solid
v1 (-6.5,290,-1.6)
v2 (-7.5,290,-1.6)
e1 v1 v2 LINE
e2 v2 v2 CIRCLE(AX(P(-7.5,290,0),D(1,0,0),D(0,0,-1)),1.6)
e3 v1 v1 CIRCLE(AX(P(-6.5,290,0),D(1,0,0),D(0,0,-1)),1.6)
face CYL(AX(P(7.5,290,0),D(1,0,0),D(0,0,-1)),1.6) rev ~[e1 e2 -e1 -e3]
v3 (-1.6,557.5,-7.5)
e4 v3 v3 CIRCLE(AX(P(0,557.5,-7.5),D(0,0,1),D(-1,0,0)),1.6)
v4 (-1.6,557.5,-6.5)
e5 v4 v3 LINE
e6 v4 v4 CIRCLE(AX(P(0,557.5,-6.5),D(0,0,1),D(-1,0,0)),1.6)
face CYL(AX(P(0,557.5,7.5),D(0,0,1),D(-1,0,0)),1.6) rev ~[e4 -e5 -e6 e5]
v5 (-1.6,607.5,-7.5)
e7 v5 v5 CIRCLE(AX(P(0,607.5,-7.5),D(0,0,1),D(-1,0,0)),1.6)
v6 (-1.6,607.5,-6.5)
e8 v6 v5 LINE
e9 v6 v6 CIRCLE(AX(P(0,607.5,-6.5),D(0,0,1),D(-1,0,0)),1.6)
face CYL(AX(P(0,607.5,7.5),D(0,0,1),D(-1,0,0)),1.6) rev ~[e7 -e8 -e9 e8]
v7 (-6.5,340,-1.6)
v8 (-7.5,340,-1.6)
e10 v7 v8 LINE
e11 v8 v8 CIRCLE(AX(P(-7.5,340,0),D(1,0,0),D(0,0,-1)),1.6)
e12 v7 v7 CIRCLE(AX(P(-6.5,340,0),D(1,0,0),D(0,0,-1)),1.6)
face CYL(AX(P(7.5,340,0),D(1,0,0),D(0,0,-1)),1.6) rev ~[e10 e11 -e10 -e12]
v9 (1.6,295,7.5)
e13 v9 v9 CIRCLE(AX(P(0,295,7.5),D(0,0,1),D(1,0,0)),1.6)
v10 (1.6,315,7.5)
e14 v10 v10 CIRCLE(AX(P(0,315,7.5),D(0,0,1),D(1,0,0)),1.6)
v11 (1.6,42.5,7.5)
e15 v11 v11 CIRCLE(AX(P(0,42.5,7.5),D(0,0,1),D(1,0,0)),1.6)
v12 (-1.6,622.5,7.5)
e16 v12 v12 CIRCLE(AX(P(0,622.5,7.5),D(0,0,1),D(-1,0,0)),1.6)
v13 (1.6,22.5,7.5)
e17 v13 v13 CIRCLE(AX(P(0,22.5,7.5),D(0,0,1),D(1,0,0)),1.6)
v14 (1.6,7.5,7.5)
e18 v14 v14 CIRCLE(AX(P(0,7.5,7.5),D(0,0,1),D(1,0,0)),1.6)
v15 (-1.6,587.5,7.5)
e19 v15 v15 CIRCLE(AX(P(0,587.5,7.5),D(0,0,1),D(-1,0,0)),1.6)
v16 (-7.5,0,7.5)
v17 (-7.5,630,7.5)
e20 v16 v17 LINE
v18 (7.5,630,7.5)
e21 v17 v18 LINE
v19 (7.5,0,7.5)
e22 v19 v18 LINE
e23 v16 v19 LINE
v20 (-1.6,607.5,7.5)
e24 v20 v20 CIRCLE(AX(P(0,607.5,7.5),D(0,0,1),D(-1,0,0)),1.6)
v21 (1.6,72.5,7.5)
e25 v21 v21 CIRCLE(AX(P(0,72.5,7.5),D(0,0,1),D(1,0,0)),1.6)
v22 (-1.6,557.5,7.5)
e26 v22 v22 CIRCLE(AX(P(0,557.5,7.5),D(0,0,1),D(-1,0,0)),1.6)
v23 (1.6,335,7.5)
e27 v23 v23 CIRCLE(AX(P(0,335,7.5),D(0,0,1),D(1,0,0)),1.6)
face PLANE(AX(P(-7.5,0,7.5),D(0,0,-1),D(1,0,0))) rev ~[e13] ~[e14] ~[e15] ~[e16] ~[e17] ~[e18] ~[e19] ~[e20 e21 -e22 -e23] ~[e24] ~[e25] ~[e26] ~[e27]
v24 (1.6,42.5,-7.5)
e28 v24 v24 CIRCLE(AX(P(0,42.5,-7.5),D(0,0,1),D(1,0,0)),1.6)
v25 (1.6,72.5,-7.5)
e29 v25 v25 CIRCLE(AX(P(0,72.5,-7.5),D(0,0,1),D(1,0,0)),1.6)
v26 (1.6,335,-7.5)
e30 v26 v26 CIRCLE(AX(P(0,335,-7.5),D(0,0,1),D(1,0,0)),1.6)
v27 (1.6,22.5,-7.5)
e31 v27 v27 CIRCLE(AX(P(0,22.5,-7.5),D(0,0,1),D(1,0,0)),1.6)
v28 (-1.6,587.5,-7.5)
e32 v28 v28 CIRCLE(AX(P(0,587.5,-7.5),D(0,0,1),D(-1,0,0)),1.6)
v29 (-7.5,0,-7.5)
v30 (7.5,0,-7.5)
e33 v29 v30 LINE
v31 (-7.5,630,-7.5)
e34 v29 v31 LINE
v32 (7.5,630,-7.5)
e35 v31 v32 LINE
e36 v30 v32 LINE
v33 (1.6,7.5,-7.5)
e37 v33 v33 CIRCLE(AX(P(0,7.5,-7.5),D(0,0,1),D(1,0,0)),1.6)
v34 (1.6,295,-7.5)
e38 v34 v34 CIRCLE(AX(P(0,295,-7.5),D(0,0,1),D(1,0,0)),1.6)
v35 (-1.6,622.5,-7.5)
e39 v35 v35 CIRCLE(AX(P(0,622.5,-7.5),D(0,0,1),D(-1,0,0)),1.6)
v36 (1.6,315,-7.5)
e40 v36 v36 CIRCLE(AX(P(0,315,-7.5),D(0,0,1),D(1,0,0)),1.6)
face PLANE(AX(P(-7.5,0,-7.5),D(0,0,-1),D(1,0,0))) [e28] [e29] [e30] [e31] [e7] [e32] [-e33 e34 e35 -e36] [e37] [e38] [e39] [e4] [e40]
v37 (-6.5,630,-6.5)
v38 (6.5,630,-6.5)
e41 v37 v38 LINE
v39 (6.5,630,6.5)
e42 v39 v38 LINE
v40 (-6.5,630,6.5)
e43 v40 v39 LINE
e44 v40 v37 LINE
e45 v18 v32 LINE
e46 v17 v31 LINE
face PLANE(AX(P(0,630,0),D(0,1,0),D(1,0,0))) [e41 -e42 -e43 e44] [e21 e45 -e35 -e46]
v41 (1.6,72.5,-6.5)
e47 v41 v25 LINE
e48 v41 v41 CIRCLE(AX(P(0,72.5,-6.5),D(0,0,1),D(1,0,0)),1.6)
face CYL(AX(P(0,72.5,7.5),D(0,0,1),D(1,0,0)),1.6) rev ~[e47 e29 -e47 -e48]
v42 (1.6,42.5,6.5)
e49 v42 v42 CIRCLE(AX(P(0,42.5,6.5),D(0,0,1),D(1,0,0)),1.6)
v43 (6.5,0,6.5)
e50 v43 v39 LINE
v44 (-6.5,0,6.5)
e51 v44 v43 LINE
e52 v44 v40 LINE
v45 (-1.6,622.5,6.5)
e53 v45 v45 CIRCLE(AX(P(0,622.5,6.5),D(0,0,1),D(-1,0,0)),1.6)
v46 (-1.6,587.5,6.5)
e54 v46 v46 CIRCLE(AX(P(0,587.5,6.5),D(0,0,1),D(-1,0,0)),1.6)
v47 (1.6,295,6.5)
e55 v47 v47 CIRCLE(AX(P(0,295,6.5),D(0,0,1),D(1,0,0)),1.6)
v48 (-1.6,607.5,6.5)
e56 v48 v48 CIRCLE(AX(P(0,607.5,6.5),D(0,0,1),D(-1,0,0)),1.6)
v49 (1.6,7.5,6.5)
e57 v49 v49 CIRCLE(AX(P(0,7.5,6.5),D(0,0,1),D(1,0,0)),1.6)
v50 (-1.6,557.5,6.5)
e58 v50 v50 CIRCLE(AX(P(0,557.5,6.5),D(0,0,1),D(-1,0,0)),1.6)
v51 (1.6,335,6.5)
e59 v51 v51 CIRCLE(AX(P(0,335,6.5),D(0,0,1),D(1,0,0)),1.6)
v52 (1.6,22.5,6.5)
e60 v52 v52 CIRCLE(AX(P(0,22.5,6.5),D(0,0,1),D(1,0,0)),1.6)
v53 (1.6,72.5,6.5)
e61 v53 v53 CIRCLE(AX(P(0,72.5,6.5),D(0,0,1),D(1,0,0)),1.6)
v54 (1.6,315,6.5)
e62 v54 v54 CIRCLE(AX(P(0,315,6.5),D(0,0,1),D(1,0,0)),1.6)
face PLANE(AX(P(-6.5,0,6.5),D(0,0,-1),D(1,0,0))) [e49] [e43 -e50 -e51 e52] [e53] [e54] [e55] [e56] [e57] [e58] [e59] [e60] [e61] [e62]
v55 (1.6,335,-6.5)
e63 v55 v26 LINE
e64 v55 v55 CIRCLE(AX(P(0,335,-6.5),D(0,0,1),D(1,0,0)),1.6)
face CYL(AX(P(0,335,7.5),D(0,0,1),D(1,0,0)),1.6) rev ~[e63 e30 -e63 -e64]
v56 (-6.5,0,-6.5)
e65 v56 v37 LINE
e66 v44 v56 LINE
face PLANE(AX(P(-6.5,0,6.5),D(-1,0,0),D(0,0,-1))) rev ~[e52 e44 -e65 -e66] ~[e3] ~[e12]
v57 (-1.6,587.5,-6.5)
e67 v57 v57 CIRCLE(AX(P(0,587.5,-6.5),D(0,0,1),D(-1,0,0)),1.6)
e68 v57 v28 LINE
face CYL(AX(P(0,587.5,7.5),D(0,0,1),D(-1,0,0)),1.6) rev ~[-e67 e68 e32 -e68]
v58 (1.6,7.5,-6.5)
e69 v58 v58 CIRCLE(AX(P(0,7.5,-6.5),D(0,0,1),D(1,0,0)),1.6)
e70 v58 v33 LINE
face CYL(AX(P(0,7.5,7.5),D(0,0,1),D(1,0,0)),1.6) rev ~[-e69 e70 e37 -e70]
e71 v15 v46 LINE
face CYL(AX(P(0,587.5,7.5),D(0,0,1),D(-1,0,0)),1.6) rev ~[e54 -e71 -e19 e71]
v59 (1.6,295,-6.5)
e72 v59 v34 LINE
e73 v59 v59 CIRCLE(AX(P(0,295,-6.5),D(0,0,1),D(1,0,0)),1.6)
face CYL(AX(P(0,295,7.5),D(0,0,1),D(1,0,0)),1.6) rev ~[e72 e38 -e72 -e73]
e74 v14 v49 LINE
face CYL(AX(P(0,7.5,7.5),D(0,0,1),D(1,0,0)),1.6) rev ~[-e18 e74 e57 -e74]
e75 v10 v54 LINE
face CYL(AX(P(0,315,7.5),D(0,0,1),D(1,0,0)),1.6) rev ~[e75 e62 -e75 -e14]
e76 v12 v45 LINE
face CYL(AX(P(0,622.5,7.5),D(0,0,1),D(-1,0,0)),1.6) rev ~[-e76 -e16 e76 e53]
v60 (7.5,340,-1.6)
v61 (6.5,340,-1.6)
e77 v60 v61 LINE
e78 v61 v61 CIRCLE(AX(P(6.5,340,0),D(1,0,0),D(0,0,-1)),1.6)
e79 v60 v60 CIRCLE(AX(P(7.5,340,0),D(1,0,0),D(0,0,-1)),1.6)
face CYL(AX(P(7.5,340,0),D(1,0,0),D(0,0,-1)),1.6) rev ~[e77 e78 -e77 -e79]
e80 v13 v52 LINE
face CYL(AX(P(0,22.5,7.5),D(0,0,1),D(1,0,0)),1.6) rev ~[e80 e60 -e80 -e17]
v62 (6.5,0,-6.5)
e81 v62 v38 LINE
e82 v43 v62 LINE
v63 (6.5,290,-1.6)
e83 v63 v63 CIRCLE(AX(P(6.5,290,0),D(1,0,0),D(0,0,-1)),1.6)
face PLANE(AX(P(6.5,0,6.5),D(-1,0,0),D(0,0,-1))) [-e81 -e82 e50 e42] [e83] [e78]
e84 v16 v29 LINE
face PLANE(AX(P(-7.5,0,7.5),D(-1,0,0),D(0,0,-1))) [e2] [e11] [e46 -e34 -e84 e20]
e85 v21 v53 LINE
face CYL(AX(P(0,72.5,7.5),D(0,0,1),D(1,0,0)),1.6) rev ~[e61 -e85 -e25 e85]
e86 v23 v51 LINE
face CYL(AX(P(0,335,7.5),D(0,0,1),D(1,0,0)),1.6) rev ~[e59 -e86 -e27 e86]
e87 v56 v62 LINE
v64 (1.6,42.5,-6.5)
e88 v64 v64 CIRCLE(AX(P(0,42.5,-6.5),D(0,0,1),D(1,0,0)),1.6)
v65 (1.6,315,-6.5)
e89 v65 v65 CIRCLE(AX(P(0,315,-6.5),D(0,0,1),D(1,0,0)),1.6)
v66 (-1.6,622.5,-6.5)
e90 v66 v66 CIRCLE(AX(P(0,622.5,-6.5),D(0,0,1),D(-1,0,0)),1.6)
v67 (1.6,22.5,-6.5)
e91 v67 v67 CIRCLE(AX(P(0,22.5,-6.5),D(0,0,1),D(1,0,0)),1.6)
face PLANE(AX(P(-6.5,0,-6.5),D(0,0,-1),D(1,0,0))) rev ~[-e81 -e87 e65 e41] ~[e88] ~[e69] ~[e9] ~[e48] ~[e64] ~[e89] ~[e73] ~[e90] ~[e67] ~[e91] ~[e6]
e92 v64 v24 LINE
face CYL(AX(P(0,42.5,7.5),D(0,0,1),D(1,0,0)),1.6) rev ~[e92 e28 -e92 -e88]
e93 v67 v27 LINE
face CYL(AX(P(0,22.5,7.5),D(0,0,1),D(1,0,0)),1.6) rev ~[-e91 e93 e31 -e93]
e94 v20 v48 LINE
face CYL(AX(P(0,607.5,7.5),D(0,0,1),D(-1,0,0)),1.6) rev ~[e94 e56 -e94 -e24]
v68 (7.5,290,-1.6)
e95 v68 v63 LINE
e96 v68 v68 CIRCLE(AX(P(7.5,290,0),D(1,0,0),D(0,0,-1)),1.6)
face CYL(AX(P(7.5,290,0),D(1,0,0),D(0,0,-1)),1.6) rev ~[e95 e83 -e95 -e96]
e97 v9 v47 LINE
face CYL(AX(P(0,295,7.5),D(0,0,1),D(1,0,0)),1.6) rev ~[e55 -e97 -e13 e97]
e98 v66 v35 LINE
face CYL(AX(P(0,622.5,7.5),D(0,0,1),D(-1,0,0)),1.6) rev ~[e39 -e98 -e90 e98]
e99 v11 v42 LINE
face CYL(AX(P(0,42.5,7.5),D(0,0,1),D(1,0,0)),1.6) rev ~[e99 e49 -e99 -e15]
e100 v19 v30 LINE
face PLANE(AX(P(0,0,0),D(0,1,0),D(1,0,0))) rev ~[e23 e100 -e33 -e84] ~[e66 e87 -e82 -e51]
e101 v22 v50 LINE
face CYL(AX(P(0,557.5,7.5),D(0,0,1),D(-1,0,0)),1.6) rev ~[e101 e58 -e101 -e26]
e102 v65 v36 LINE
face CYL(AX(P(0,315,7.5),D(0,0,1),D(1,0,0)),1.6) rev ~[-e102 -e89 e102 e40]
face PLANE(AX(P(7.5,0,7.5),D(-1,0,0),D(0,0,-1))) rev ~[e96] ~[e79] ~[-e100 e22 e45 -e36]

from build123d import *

# Parameters (mm, degrees)
SKETCH_2_W          = 15
SKETCH_2_H          = 15
SKETCH_2_W_2        = 13
SKETCH_2_H_2        = 13
EXTRUDE_1_DEPTH     = 630
SKETCH_3_R          = 1.6
CUT_EXTRUDE_1_DEPTH = 631.223174756
SKETCH_4_R          = 1.6
CUT_EXTRUDE_2_DEPTH = 631.223174756


with BuildPart() as part:
    # 草图2 → 拉伸-薄壁1 (new body)
    with BuildSketch(Plane(origin=(0, 0, 0), x_dir=(1, 0, 0), z_dir=(0, 1, 0))):
        Rectangle(SKETCH_2_W, SKETCH_2_H)
        Rectangle(SKETCH_2_W_2, SKETCH_2_H_2, mode=Mode.SUBTRACT)
    extrude(amount=EXTRUDE_1_DEPTH)

    # 草图3 → 切除-拉伸1 (cut, through all)
    with BuildSketch(Plane.XY.offset(7.5)):
        with Locations((0, 7.5)):
            Circle(SKETCH_3_R)
        with Locations((0, 22.5)):
            Circle(SKETCH_3_R)
        with Locations((0, 42.5)):
            Circle(SKETCH_3_R)
        with Locations((0, 72.5)):
            Circle(SKETCH_3_R)
        with Locations((0, 315)):
            Circle(SKETCH_3_R)
        with Locations((0, 295)):
            Circle(SKETCH_3_R)
        with Locations((0, 335)):
            Circle(SKETCH_3_R)
        with Locations(Location((0, 557.5, 0), (0, 0, 180))):
            Circle(SKETCH_3_R)
        with Locations(Location((0, 587.5, 0), (0, 0, 180))):
            Circle(SKETCH_3_R)
        with Locations(Location((0, 607.5, 0), (0, 0, 180))):
            Circle(SKETCH_3_R)
        with Locations(Location((0, 622.5, 0), (0, 0, 180))):
            Circle(SKETCH_3_R)
    extrude(amount=-CUT_EXTRUDE_1_DEPTH, mode=Mode.SUBTRACT)

    # 草图4 → 切除-拉伸2 (cut, through all)
    with BuildSketch(Plane(origin=(7.5, 0, 0), x_dir=(0, 0, -1), z_dir=(1, 0, 0))):
        with Locations((0, 290)):
            Circle(SKETCH_4_R)
        with Locations((0, 340)):
            Circle(SKETCH_4_R)
    extrude(amount=-CUT_EXTRUDE_2_DEPTH, mode=Mode.SUBTRACT)


solid = part.part
